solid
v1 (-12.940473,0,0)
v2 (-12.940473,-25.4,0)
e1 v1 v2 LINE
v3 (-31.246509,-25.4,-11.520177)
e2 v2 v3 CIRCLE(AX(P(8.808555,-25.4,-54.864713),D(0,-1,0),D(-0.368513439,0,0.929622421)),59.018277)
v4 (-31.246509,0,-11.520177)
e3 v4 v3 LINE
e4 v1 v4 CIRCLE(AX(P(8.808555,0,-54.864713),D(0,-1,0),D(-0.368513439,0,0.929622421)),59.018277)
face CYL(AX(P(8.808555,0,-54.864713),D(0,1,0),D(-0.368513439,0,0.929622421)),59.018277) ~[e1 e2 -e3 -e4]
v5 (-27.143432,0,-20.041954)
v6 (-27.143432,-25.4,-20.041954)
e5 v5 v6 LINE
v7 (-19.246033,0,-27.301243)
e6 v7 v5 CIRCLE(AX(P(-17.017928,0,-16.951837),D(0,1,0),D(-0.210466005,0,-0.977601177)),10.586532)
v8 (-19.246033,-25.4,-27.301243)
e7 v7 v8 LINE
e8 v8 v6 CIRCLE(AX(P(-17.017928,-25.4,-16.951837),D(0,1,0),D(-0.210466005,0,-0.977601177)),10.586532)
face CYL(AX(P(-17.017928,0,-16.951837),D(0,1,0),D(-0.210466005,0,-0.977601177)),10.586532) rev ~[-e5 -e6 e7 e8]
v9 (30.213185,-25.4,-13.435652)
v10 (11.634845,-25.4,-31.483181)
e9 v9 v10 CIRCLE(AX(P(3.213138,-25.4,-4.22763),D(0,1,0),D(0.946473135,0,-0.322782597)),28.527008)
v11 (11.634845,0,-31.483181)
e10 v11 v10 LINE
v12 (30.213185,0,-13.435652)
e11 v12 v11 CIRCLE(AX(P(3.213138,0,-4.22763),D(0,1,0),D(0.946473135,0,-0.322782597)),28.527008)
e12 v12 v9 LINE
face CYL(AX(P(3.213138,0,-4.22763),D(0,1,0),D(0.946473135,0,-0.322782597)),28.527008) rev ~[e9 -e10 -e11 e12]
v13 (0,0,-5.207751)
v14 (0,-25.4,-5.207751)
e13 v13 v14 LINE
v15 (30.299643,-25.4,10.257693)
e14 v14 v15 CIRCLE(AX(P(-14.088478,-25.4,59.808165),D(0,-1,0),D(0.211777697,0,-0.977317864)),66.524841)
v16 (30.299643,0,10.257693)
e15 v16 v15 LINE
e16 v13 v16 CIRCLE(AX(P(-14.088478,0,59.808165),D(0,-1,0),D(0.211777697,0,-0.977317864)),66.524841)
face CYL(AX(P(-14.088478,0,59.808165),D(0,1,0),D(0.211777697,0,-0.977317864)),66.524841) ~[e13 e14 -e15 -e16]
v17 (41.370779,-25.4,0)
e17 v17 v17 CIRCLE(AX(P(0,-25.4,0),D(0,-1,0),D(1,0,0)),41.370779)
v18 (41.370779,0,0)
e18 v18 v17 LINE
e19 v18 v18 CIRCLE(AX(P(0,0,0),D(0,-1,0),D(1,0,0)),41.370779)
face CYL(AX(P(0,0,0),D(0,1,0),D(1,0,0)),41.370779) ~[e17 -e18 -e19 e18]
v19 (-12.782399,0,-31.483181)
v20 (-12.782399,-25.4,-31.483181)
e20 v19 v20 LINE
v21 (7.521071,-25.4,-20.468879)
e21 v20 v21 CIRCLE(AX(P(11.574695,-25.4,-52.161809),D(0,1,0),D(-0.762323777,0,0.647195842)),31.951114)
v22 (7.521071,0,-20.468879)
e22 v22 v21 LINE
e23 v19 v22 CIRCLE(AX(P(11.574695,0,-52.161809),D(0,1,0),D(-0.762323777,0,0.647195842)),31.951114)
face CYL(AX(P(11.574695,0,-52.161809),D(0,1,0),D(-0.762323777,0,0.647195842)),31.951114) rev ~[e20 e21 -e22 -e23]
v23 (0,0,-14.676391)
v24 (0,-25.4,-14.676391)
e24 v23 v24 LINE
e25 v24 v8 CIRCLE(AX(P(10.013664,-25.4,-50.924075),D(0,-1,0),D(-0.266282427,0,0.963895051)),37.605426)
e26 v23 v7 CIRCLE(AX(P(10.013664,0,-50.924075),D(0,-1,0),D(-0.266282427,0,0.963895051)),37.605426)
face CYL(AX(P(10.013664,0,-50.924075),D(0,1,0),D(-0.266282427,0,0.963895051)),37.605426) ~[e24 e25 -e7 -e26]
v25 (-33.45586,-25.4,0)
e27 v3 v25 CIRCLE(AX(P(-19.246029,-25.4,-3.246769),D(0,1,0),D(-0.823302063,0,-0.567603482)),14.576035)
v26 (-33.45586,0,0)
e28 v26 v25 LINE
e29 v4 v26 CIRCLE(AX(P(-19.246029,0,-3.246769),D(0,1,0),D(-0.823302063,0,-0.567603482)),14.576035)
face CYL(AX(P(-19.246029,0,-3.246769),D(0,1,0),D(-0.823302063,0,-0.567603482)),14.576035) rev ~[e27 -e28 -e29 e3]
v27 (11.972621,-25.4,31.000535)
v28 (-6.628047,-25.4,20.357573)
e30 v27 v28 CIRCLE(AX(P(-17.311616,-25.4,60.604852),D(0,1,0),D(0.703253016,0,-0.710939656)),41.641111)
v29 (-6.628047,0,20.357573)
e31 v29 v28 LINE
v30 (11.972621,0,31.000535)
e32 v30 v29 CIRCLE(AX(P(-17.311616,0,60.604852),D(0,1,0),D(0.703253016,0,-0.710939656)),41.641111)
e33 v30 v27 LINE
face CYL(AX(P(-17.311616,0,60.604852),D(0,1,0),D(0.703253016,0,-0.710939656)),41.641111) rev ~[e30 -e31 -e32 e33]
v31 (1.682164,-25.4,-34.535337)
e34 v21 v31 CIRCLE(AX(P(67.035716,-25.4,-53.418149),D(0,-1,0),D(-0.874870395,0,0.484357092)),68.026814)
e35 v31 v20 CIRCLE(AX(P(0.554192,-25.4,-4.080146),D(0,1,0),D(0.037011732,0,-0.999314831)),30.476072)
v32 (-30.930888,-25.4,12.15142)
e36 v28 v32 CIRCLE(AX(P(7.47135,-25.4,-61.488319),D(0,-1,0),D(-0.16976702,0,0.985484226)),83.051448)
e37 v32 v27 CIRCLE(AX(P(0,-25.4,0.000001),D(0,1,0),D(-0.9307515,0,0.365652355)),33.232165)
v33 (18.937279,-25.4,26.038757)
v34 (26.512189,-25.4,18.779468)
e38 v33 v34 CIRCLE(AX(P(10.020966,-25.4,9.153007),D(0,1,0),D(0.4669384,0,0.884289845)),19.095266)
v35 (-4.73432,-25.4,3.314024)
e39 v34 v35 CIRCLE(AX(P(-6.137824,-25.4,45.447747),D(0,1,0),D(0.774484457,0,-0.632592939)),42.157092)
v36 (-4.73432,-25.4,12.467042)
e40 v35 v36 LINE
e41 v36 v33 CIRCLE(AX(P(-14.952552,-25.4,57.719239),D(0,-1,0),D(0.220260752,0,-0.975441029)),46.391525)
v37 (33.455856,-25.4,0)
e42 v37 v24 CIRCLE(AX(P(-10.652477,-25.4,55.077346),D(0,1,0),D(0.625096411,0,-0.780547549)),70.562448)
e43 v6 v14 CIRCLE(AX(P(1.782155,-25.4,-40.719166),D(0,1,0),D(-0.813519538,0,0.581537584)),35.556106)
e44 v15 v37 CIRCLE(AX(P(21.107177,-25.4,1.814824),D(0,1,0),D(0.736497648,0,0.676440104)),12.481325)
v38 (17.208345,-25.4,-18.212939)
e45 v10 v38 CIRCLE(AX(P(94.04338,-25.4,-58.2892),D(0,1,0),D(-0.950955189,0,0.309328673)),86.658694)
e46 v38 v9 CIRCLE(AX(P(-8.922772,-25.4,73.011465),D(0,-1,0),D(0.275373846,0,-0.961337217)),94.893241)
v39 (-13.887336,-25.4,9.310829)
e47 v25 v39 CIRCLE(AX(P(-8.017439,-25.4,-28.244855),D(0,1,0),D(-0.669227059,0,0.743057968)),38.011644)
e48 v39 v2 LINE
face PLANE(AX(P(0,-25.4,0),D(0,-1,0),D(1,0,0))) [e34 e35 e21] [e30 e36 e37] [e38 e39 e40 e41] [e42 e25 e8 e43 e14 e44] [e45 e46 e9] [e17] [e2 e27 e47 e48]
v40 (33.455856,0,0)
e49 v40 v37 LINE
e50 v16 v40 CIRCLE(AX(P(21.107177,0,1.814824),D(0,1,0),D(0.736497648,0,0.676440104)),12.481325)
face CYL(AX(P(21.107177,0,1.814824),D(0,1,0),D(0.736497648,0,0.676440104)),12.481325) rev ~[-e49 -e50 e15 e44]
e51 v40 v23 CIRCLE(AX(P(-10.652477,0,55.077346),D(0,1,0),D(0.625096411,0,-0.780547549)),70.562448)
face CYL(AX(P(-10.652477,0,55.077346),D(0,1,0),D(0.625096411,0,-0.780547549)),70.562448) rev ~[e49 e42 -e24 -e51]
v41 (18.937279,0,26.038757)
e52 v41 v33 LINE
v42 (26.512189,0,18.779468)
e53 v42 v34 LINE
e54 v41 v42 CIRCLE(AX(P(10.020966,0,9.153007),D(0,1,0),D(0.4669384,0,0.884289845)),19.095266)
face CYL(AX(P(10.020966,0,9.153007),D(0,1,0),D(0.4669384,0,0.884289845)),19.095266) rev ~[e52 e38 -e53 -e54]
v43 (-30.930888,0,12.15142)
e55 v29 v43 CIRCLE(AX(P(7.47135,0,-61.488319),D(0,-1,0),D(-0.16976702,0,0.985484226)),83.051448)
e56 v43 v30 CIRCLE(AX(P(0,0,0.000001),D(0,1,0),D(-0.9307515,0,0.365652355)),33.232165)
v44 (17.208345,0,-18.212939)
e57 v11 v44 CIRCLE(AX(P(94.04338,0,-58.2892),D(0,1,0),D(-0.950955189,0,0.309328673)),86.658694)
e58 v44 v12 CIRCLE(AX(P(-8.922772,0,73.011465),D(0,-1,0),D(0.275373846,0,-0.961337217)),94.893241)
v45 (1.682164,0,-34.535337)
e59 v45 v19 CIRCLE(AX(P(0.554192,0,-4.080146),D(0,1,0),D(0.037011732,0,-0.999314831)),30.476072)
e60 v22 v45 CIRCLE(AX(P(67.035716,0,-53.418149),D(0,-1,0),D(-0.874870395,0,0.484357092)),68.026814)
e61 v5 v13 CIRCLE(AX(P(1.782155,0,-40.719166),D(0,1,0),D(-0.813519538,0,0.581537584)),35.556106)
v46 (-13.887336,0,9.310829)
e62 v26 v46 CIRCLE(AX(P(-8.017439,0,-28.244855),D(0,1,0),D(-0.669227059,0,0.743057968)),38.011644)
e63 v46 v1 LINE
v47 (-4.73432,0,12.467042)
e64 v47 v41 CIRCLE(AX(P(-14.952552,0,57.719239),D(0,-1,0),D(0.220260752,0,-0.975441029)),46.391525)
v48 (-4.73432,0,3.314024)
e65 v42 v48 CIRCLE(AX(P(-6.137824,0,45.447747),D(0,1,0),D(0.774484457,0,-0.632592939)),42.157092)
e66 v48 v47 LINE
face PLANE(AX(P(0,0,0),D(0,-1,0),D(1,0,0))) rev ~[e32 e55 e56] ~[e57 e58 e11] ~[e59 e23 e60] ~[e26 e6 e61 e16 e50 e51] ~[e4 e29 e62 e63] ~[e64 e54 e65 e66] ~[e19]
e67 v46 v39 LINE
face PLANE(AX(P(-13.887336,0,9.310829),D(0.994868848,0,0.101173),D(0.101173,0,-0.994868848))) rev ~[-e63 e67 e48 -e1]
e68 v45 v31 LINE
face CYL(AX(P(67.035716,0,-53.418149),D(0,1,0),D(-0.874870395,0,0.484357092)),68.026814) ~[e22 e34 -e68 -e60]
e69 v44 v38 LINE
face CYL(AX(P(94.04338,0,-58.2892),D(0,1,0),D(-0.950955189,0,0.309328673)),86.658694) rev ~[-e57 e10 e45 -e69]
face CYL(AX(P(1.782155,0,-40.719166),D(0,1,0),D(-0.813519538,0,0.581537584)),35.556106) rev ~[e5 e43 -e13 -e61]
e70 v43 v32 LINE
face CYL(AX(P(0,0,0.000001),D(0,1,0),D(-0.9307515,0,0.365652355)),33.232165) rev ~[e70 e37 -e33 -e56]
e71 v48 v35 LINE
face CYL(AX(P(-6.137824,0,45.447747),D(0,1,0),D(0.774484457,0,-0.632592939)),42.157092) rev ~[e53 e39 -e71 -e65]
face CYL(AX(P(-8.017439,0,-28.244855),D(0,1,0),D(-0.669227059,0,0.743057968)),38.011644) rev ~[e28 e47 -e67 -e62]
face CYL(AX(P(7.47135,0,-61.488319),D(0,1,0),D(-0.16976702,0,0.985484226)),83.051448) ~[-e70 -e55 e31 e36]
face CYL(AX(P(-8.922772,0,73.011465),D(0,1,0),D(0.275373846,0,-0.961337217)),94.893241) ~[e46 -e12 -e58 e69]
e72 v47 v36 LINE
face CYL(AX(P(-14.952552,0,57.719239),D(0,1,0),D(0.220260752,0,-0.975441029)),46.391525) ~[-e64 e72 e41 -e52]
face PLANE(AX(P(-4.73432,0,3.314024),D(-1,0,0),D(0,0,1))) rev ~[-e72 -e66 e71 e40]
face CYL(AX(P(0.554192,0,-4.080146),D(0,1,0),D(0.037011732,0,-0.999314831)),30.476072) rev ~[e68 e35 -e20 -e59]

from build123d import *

# Parameters (mm, degrees)
F0_R     = 41.370779
F1_DEPTH = 25.4


with BuildPart() as f1:
    # F0 (on Front) → F1 (new body)
    with BuildSketch(Plane.XZ):
        Circle(F0_R)
        with BuildLine():
            ThreePointArc((-12.782399, -31.483181), (-3.660821, -24.077067), (7.521071, -20.468879))
            ThreePointArc((7.521071, -20.468879), (4.206718, -27.338188), (1.682164, -34.535337))
            ThreePointArc((1.682164, -34.535337), (-5.737986, -33.899594), (-12.782399, -31.483181))
        make_face(mode=Mode.SUBTRACT)
        with BuildLine():
            ThreePointArc((-33.45586, 0), (-24.349175, 6.079473), (-13.887336, 9.310829))
            Line((-13.887336, 9.310829), (-12.940473, 0))
            ThreePointArc((-12.940473, 0), (-22.625743, -4.914319), (-31.246509, -11.520177))
            ThreePointArc((-31.246509, -11.520177), (-33.561186, -5.992144), (-33.45586, 0))
        make_face(mode=Mode.SUBTRACT)
        with BuildLine():
            ThreePointArc((11.634845, -31.483181), (14.145611, -24.732147), (17.208345, -18.212939))
            ThreePointArc((17.208345, -18.212939), (23.798068, -16.061953), (30.213185, -13.435652))
            ThreePointArc((30.213185, -13.435652), (23.090348, -24.689466), (11.634845, -31.483181))
        make_face(mode=Mode.SUBTRACT)
        with BuildLine():
            ThreePointArc((-27.143432, -20.041954), (-15.269377, -9.518494), (0, -5.207751))
            ThreePointArc((0, -5.207751), (16.155086, 0.555474), (30.299643, 10.257693))
            ThreePointArc((30.299643, 10.257693), (33.036565, 5.485405), (33.455856, 0))
            ThreePointArc((33.455856, 0), (17.694228, -9.540944), (0, -14.676391))
            ThreePointArc((0, -14.676391), (-10.612677, -19.480123), (-19.246033, -27.301243))
            ThreePointArc((-19.246033, -27.301243), (-24.182231, -24.7459), (-27.143432, -20.041954))
        make_face(mode=Mode.SUBTRACT)
        with BuildLine():
            ThreePointArc((-6.628047, 20.357573), (-19.098193, 17.198417), (-30.930888, 12.15142))
            ThreePointArc((-30.930888, 12.15142), (-13.366984, 30.425328), (11.972621, 31.000535))
            ThreePointArc((11.972621, 31.000535), (3.368678, 24.461975), (-6.628047, 20.357573))
        make_face(mode=Mode.SUBTRACT)
        with BuildLine():
            Line((-4.73432, 3.314024), (-4.73432, 12.467042))
            ThreePointArc((-4.73432, 12.467042), (8.121853, 17.473178), (18.937279, 26.038757))
            ThreePointArc((18.937279, 26.038757), (23.233083, 22.939564), (26.512189, 18.779468))
            ThreePointArc((26.512189, 18.779468), (12.56259, 7.665278), (-4.73432, 3.314024))
        make_face(mode=Mode.SUBTRACT)
    extrude(amount=F1_DEPTH)


solid = f1.part
